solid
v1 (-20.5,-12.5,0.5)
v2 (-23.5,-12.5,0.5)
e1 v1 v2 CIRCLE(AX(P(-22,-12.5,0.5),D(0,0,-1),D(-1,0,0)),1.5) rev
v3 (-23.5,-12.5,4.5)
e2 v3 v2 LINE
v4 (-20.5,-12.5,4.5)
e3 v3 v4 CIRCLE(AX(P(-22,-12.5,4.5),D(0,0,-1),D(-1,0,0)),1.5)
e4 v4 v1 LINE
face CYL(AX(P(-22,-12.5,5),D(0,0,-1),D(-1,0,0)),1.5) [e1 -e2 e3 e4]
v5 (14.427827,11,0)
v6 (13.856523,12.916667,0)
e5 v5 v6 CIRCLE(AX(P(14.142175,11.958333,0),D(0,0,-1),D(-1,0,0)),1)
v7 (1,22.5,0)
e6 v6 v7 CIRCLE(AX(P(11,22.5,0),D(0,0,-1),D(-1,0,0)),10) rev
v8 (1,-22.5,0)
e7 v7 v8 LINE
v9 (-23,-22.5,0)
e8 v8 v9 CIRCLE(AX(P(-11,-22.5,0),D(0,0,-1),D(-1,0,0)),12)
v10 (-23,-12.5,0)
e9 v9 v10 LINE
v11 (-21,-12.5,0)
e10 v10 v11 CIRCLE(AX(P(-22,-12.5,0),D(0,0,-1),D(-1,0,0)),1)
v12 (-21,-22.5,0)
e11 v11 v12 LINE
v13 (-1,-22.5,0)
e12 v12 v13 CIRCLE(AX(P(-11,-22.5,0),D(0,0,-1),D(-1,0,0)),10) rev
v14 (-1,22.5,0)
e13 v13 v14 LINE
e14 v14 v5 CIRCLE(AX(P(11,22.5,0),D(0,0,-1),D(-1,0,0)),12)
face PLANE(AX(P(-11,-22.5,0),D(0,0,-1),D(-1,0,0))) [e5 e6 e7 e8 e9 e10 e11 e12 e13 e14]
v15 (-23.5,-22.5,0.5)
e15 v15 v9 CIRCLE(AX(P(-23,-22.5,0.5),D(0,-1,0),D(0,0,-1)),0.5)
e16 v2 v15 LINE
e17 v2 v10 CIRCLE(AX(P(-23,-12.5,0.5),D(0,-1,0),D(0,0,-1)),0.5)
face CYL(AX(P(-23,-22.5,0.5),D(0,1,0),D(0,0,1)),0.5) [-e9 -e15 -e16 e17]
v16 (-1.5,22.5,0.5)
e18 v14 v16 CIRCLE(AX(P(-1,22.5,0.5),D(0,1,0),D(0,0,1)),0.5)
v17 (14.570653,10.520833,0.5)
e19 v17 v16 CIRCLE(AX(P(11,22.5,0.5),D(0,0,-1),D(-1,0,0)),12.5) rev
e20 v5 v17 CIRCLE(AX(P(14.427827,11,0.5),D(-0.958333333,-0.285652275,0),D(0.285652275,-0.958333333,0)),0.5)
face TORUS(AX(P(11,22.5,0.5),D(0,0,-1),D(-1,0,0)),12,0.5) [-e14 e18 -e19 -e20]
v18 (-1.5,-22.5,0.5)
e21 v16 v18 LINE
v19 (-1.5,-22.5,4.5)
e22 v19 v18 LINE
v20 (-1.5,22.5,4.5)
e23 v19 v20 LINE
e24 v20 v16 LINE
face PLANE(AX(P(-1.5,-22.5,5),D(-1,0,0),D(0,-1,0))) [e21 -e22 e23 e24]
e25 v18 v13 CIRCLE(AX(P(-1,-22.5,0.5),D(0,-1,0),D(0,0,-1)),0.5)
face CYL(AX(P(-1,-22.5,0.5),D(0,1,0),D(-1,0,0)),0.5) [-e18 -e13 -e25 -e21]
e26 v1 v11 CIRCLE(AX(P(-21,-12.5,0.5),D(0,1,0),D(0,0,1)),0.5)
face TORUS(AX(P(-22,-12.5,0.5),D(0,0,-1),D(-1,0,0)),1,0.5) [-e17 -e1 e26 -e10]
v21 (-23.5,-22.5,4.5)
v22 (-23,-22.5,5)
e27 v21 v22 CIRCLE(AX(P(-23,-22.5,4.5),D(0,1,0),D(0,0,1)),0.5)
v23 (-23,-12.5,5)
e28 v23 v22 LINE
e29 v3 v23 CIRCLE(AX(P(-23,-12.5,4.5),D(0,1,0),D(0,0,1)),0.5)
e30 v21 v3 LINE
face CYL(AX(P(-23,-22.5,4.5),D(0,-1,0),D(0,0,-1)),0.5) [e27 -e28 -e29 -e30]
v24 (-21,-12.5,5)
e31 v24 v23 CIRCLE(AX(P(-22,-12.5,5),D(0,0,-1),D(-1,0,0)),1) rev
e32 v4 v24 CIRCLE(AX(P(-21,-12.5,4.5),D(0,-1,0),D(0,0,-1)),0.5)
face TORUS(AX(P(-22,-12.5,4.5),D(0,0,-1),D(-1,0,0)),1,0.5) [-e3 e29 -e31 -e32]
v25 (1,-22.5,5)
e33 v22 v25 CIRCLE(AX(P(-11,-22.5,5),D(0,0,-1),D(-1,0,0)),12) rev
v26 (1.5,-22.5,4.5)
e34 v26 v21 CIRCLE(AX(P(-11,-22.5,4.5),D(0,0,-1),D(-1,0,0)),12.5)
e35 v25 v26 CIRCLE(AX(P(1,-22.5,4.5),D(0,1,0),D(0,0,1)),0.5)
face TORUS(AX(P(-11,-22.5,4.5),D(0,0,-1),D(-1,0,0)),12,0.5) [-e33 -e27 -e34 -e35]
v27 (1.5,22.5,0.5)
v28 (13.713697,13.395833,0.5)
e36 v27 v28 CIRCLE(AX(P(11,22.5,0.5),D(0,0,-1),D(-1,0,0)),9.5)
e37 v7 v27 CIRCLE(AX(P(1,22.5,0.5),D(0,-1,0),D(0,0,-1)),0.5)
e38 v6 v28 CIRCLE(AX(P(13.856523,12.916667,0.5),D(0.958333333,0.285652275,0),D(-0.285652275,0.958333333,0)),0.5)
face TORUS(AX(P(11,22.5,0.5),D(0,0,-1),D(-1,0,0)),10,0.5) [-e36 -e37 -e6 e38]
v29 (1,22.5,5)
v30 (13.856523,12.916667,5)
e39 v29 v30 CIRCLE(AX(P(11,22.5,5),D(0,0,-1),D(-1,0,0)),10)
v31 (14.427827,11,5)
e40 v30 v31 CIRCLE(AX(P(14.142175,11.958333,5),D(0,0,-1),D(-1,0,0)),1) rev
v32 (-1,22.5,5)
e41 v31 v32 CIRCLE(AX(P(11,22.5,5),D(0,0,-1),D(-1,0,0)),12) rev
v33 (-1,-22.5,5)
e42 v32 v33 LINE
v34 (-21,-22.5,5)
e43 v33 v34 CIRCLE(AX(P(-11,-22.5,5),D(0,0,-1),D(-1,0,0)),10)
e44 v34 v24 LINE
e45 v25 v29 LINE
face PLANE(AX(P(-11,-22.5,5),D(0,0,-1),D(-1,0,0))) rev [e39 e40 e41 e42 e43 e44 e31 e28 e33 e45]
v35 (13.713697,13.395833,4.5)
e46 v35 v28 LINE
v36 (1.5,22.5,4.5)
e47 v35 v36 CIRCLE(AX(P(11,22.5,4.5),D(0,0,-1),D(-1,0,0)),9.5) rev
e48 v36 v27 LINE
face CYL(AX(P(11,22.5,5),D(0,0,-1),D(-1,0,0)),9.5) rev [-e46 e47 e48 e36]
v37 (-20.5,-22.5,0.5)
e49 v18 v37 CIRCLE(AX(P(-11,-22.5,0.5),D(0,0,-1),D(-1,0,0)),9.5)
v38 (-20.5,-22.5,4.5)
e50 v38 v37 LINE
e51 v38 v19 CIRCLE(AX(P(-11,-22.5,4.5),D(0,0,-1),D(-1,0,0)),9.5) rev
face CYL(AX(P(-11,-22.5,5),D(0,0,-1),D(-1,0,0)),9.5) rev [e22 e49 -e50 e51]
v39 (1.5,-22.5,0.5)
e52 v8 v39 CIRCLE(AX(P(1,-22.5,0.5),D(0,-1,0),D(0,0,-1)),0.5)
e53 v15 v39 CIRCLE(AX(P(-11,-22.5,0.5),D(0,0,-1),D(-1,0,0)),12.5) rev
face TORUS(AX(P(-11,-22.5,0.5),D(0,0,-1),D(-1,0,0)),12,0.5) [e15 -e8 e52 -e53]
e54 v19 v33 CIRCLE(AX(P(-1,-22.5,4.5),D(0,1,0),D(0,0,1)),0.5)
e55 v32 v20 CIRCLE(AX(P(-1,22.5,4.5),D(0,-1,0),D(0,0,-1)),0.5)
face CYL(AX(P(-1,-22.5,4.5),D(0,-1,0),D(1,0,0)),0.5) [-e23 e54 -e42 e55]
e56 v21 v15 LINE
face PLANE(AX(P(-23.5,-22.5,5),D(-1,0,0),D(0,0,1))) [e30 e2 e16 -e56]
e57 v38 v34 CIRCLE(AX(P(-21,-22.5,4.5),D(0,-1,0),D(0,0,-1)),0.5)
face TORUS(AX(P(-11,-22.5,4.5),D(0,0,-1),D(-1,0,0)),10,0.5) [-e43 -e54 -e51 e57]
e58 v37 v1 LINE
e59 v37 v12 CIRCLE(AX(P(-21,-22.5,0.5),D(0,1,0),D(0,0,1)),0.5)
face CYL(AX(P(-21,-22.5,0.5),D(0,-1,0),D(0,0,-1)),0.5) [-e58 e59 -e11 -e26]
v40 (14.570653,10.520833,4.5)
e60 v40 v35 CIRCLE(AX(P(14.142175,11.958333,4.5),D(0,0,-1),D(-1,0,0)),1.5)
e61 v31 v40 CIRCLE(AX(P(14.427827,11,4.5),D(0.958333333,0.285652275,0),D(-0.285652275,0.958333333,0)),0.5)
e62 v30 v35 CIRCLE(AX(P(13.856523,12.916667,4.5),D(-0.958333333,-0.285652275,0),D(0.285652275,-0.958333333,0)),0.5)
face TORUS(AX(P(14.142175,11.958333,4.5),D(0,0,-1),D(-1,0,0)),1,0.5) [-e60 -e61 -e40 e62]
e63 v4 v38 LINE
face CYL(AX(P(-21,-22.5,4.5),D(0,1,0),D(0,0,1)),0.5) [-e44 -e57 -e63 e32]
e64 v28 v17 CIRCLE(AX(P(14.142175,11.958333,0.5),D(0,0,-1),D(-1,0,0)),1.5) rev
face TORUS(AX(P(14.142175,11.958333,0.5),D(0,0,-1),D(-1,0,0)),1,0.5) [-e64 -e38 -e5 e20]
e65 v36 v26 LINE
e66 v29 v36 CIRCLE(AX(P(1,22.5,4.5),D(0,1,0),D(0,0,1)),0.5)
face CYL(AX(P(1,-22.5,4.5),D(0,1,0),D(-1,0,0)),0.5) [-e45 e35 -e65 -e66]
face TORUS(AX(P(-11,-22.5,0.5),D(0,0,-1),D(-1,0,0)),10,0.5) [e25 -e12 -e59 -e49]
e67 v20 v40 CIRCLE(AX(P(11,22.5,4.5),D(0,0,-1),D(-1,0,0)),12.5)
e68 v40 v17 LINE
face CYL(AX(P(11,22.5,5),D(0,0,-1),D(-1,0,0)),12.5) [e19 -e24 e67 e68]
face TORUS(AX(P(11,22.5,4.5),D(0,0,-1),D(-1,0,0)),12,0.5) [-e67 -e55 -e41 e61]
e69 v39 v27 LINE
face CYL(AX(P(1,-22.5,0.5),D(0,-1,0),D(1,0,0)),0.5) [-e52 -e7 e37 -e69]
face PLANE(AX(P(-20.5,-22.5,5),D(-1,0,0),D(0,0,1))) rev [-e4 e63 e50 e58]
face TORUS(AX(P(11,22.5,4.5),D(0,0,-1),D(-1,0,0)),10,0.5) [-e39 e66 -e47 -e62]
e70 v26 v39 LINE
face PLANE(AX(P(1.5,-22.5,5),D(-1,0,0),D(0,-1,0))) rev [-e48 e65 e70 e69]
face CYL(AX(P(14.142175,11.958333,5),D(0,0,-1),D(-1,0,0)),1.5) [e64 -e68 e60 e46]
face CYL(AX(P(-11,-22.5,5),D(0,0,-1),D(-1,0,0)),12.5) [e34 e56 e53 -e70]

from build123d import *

# Parameters (mm, degrees)
BOSS_EXTRUDE1_DEPTH = 5
FILLET1_R           = 0.5
FILLET2_R           = 0.5


with BuildPart() as part:
    # Sketch1 → Boss-Extrude1 (new body)
    with BuildSketch(Plane.XY):
        with BuildLine():
            Line((-23.5, -22.5), (-23.5, -12.5))
            ThreePointArc((-23.5, -12.5), (-22, -11), (-20.5, -12.5))
            Line((-20.5, -12.5), (-20.5, -22.5))
            ThreePointArc((-20.5, -22.5), (-11, -32), (-1.5, -22.5))
            Line((-1.5, -22.5), (-1.5, 22.5))
            ThreePointArc((-1.5, 22.5), (18.470503063, 32.522054878), (14.570653438, 10.520833333))
            ThreePointArc((14.570653438, 10.520833333), (12.704675025, 11.529854921), (13.713696613, 13.395833333))
            ThreePointArc((13.713696613, 13.395833333), (16.677582328, 30.116761708), (1.5, 22.5))
            Line((1.5, 22.5), (1.5, -22.5))
            ThreePointArc((1.5, -22.5), (-11, -35), (-23.5, -22.5))
        make_face()
    extrude(amount=BOSS_EXTRUDE1_DEPTH)

    # Fillet1
    fillet1_edges = [part.edges().sort_by_distance(p)[0] for p in [
        (-22, -11, 5),
        (-20.5, -17.5, 5),
        (-11, -32, 5),
        (-1.5, 0, 5),
        (18.470503063, 32.522054878, 5),
        (12.704675025, 11.529854921, 5),
        (16.677582328, 30.116761708, 5),
        (1.5, 0, 5),
        (-11, -35, 5),
        (-23.5, -17.5, 5),
    ]]
    fillet(fillet1_edges, radius=FILLET1_R)

    # Fillet2
    fillet2_edges = [part.edges().sort_by_distance(p)[0] for p in [
        (12.704675025, 11.529854921, 0),
        (18.470503063, 32.522054878, 0),
        (-1.5, 0, 0),
        (-11, -32, 0),
        (-20.5, -17.5, 0),
        (-22, -11, 0),
        (-23.5, -17.5, 0),
        (-11, -35, 0),
        (1.5, 0, 0),
        (16.677582328, 30.116761708, 0),
    ]]
    fillet(fillet2_edges, radius=FILLET2_R)


solid = part.part
